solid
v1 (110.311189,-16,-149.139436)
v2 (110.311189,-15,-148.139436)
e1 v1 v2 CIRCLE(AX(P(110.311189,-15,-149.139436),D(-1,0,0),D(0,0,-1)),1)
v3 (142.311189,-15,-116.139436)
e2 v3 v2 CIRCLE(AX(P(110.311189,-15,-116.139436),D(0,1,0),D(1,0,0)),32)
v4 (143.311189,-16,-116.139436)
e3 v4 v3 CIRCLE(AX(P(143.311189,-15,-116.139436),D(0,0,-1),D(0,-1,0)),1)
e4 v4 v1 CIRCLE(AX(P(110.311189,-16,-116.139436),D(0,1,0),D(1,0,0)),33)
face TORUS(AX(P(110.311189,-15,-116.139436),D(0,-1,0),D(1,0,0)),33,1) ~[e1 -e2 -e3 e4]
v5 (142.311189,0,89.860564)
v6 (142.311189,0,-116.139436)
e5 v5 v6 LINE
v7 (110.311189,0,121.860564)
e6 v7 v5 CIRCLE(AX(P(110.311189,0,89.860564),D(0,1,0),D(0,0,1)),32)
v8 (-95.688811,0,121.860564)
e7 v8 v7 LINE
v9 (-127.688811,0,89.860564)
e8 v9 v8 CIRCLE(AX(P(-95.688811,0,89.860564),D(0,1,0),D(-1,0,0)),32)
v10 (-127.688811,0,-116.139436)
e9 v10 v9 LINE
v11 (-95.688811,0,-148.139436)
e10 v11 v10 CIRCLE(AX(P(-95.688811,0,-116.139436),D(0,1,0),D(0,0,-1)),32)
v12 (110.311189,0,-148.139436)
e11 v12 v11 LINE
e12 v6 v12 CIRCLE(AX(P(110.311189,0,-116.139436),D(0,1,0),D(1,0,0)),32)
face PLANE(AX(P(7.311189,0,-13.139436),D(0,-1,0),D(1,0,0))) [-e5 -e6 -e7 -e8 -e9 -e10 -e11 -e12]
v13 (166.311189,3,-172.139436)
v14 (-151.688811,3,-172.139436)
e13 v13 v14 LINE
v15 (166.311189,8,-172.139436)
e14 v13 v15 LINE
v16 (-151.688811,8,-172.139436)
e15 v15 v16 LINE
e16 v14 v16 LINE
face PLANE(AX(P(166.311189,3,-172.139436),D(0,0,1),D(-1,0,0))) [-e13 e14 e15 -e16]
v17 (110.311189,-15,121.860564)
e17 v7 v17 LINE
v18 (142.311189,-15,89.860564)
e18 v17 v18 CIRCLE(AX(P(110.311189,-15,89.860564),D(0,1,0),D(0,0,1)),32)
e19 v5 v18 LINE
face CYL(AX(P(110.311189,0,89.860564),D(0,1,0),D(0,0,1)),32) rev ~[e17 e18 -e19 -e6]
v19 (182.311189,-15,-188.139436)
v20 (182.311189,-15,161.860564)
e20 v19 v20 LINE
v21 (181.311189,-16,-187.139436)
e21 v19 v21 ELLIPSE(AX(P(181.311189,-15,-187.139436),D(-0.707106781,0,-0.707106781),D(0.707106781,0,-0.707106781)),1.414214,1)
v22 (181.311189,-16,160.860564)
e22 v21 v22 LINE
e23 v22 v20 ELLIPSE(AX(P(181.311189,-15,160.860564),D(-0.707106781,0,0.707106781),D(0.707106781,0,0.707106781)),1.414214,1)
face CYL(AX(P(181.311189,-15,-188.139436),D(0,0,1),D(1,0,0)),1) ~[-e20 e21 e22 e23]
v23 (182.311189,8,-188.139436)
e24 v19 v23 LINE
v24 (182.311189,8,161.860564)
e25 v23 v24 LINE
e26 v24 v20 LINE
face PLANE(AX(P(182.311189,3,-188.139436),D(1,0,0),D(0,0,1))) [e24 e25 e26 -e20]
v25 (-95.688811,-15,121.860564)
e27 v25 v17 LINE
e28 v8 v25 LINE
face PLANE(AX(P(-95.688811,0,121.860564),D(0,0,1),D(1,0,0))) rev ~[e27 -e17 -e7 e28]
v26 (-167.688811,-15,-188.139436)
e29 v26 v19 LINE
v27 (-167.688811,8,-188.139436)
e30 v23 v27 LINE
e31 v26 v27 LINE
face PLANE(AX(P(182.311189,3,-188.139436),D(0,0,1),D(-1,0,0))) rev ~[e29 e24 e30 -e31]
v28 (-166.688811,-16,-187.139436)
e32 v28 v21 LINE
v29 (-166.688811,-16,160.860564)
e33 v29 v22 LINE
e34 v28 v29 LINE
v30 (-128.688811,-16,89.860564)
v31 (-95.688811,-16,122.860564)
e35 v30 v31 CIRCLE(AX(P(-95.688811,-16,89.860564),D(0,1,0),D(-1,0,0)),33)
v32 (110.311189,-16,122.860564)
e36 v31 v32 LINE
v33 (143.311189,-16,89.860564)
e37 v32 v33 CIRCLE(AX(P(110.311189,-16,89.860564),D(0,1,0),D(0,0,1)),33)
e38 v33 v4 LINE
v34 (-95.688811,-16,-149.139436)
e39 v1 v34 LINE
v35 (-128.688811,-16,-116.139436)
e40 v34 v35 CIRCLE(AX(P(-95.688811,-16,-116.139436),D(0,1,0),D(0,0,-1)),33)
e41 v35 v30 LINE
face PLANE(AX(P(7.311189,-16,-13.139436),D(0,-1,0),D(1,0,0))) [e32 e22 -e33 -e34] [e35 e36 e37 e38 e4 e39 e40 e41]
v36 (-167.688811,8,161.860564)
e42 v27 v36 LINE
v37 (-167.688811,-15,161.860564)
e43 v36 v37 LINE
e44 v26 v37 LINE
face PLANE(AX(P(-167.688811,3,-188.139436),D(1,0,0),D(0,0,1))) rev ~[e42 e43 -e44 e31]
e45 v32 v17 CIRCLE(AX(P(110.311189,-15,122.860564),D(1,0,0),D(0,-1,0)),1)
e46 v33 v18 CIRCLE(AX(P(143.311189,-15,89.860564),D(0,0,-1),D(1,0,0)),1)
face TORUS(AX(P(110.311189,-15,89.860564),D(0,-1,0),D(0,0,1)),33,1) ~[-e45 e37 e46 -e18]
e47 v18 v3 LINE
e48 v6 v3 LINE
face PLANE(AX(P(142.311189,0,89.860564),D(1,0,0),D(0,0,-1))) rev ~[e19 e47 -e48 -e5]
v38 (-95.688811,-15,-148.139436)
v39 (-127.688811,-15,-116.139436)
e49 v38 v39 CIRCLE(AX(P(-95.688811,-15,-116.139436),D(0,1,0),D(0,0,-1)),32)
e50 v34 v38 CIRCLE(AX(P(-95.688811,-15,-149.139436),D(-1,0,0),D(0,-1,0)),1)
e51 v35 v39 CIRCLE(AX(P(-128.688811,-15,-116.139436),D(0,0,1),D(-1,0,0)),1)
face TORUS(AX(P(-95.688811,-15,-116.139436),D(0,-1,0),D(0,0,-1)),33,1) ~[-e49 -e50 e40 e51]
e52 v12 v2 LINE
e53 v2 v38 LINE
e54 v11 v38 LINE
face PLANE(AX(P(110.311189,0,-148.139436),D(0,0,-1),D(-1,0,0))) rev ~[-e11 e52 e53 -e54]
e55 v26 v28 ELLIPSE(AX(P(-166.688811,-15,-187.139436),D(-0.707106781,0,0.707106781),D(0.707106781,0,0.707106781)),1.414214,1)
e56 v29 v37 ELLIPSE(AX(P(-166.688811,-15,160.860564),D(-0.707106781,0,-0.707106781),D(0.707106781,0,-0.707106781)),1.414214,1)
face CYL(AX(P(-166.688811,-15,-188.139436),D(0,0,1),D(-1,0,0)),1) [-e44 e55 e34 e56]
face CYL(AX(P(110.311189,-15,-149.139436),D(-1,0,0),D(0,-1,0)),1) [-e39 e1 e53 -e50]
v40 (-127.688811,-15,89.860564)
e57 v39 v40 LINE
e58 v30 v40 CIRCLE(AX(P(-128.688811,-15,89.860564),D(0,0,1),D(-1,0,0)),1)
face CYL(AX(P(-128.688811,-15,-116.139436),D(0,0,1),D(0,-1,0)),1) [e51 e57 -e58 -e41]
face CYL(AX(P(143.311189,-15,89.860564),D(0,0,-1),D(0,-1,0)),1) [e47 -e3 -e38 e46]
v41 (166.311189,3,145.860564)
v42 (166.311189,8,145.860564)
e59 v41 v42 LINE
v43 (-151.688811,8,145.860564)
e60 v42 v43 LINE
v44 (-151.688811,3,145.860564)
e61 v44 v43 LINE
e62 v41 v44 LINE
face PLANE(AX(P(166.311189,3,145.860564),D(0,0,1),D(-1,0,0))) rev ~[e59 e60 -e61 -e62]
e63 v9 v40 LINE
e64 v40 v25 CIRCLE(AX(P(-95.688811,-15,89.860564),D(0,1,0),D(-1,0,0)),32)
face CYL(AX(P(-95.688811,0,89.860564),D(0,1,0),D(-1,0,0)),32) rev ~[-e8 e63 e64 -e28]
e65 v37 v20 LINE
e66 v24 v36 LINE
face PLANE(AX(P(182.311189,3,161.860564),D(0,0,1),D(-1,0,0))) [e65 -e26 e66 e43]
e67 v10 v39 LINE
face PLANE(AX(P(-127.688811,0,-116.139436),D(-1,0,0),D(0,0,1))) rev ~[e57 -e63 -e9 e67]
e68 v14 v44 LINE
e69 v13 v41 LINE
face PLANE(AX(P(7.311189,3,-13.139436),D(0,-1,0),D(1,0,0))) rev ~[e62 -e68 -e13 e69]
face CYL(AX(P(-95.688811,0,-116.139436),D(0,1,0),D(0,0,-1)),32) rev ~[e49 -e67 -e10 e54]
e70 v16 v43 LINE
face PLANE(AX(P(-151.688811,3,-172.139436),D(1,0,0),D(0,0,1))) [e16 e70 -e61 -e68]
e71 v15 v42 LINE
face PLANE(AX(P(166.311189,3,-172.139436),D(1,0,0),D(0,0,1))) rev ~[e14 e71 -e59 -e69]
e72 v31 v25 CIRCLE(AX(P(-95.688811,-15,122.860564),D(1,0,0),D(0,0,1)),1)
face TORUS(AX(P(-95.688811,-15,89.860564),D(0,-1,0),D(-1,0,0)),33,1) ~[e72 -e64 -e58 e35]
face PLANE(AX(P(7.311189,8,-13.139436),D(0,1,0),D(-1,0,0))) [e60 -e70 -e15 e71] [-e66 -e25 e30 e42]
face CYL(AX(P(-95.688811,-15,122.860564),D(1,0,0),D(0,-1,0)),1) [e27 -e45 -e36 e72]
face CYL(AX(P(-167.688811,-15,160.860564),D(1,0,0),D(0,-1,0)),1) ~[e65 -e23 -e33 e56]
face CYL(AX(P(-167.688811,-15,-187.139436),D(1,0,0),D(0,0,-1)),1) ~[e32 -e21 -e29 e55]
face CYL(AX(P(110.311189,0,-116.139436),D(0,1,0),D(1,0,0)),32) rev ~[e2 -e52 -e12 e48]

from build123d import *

# Parameters (mm, degrees)
F0_W     = 350
F0_H     = 350
F1_DEPTH = 16
F2_DEPTH = 3
F3_W     = 350
F3_H     = 350
F3_W_2   = 318
F3_H_2   = 318
F4_DEPTH = 5
F5_R     = 1


with BuildPart() as f1:
    # F0 (on Front) → F1 (new body)
    with BuildSketch(Plane.XZ):
        with Locations((7.3111886159, -13.1394357215)):
            Rectangle(F0_W, F0_H)
        with BuildLine():
            ThreePointArc((-127.6888113841, 89.8605642785), (-118.3162283821, 112.4879812765), (-95.6888113841, 121.8605642785))
            Line((-95.6888113841, 121.8605642785), (110.3111886159, 121.8605642785))
            ThreePointArc((110.3111886159, 121.8605642785), (132.9386056138, 112.4879812765), (142.3111886159, 89.8605642785))
            Line((142.3111886159, 89.8605642785), (142.3111886159, -116.1394357215))
            ThreePointArc((142.3111886159, -116.1394357215), (132.9386056138, -138.7668527195), (110.3111886159, -148.1394357215))
            Line((110.3111886159, -148.1394357215), (-95.6888113841, -148.1394357215))
            ThreePointArc((-95.6888113841, -148.1394357215), (-118.3162283821, -138.7668527195), (-127.6888113841, -116.1394357215))
            Line((-127.6888113841, -116.1394357215), (-127.6888113841, 89.8605642785))
        make_face(mode=Mode.SUBTRACT)
    extrude(amount=F1_DEPTH)

    # F0 (on Front) → F2 (join)
    with BuildSketch(Plane.XZ):
        with Locations((7.3111886159, -13.1394357215)):
            Rectangle(F0_W, F0_H)
        with BuildLine():
            ThreePointArc((-127.6888113841, 89.8605642785), (-118.3162283821, 112.4879812765), (-95.6888113841, 121.8605642785))
            Line((-95.6888113841, 121.8605642785), (110.3111886159, 121.8605642785))
            ThreePointArc((110.3111886159, 121.8605642785), (132.9386056138, 112.4879812765), (142.3111886159, 89.8605642785))
            Line((142.3111886159, 89.8605642785), (142.3111886159, -116.1394357215))
            ThreePointArc((142.3111886159, -116.1394357215), (132.9386056138, -138.7668527195), (110.3111886159, -148.1394357215))
            Line((110.3111886159, -148.1394357215), (-95.6888113841, -148.1394357215))
            ThreePointArc((-95.6888113841, -148.1394357215), (-118.3162283821, -138.7668527195), (-127.6888113841, -116.1394357215))
            Line((-127.6888113841, -116.1394357215), (-127.6888113841, 89.8605642785))
        make_face(mode=Mode.SUBTRACT)
        with BuildLine():
            Line((110.3111886159, 121.8605642785), (-95.6888113841, 121.8605642785))
            ThreePointArc((-95.6888113841, 121.8605642785), (-118.3162283821, 112.4879812765), (-127.6888113841, 89.8605642785))
            Line((-127.6888113841, 89.8605642785), (-127.6888113841, -116.1394357215))
            ThreePointArc((-127.6888113841, -116.1394357215), (-118.3162283821, -138.7668527195), (-95.6888113841, -148.1394357215))
            Line((-95.6888113841, -148.1394357215), (110.3111886159, -148.1394357215))
            ThreePointArc((110.3111886159, -148.1394357215), (132.9386056138, -138.7668527195), (142.3111886159, -116.1394357215))
            Line((142.3111886159, -116.1394357215), (142.3111886159, 89.8605642785))
            ThreePointArc((142.3111886159, 89.8605642785), (132.9386056138, 112.4879812765), (110.3111886159, 121.8605642785))
        make_face()
    extrude(amount=-F2_DEPTH)

    # F3 (on face) → F4 (join)
    with BuildSketch(Plane(origin=(0, 3, 0), x_dir=(-1, 0, 0), z_dir=(0, 1, 0))):
        with Locations((-7.3111886159, -13.1394357215)):
            Rectangle(F3_W, F3_H)
        with Locations((-7.3111886159, -13.1394357215)):
            Rectangle(F3_W_2, F3_H_2, mode=Mode.SUBTRACT)
    extrude(amount=F4_DEPTH)

    # F5
    f5_edges = [f1.edges().sort_by_distance(p)[0] for p in [
        (7.311189, -16, 161.860564),
        (-167.688811, -16, -13.139436),
        (7.311189, -16, -188.139436),
        (182.311189, -16, -13.139436),
        (-118.316228, -16, 112.487981),
        (7.311189, -16, 121.860564),
        (132.938606, -16, 112.487981),
        (142.311189, -16, -13.139436),
        (132.938606, -16, -138.766853),
        (7.311189, -16, -148.139436),
        (-118.316228, -16, -138.766853),
        (-127.688811, -16, -13.139436),
    ]]
    fillet(f5_edges, radius=F5_R)


solid = f1.part
